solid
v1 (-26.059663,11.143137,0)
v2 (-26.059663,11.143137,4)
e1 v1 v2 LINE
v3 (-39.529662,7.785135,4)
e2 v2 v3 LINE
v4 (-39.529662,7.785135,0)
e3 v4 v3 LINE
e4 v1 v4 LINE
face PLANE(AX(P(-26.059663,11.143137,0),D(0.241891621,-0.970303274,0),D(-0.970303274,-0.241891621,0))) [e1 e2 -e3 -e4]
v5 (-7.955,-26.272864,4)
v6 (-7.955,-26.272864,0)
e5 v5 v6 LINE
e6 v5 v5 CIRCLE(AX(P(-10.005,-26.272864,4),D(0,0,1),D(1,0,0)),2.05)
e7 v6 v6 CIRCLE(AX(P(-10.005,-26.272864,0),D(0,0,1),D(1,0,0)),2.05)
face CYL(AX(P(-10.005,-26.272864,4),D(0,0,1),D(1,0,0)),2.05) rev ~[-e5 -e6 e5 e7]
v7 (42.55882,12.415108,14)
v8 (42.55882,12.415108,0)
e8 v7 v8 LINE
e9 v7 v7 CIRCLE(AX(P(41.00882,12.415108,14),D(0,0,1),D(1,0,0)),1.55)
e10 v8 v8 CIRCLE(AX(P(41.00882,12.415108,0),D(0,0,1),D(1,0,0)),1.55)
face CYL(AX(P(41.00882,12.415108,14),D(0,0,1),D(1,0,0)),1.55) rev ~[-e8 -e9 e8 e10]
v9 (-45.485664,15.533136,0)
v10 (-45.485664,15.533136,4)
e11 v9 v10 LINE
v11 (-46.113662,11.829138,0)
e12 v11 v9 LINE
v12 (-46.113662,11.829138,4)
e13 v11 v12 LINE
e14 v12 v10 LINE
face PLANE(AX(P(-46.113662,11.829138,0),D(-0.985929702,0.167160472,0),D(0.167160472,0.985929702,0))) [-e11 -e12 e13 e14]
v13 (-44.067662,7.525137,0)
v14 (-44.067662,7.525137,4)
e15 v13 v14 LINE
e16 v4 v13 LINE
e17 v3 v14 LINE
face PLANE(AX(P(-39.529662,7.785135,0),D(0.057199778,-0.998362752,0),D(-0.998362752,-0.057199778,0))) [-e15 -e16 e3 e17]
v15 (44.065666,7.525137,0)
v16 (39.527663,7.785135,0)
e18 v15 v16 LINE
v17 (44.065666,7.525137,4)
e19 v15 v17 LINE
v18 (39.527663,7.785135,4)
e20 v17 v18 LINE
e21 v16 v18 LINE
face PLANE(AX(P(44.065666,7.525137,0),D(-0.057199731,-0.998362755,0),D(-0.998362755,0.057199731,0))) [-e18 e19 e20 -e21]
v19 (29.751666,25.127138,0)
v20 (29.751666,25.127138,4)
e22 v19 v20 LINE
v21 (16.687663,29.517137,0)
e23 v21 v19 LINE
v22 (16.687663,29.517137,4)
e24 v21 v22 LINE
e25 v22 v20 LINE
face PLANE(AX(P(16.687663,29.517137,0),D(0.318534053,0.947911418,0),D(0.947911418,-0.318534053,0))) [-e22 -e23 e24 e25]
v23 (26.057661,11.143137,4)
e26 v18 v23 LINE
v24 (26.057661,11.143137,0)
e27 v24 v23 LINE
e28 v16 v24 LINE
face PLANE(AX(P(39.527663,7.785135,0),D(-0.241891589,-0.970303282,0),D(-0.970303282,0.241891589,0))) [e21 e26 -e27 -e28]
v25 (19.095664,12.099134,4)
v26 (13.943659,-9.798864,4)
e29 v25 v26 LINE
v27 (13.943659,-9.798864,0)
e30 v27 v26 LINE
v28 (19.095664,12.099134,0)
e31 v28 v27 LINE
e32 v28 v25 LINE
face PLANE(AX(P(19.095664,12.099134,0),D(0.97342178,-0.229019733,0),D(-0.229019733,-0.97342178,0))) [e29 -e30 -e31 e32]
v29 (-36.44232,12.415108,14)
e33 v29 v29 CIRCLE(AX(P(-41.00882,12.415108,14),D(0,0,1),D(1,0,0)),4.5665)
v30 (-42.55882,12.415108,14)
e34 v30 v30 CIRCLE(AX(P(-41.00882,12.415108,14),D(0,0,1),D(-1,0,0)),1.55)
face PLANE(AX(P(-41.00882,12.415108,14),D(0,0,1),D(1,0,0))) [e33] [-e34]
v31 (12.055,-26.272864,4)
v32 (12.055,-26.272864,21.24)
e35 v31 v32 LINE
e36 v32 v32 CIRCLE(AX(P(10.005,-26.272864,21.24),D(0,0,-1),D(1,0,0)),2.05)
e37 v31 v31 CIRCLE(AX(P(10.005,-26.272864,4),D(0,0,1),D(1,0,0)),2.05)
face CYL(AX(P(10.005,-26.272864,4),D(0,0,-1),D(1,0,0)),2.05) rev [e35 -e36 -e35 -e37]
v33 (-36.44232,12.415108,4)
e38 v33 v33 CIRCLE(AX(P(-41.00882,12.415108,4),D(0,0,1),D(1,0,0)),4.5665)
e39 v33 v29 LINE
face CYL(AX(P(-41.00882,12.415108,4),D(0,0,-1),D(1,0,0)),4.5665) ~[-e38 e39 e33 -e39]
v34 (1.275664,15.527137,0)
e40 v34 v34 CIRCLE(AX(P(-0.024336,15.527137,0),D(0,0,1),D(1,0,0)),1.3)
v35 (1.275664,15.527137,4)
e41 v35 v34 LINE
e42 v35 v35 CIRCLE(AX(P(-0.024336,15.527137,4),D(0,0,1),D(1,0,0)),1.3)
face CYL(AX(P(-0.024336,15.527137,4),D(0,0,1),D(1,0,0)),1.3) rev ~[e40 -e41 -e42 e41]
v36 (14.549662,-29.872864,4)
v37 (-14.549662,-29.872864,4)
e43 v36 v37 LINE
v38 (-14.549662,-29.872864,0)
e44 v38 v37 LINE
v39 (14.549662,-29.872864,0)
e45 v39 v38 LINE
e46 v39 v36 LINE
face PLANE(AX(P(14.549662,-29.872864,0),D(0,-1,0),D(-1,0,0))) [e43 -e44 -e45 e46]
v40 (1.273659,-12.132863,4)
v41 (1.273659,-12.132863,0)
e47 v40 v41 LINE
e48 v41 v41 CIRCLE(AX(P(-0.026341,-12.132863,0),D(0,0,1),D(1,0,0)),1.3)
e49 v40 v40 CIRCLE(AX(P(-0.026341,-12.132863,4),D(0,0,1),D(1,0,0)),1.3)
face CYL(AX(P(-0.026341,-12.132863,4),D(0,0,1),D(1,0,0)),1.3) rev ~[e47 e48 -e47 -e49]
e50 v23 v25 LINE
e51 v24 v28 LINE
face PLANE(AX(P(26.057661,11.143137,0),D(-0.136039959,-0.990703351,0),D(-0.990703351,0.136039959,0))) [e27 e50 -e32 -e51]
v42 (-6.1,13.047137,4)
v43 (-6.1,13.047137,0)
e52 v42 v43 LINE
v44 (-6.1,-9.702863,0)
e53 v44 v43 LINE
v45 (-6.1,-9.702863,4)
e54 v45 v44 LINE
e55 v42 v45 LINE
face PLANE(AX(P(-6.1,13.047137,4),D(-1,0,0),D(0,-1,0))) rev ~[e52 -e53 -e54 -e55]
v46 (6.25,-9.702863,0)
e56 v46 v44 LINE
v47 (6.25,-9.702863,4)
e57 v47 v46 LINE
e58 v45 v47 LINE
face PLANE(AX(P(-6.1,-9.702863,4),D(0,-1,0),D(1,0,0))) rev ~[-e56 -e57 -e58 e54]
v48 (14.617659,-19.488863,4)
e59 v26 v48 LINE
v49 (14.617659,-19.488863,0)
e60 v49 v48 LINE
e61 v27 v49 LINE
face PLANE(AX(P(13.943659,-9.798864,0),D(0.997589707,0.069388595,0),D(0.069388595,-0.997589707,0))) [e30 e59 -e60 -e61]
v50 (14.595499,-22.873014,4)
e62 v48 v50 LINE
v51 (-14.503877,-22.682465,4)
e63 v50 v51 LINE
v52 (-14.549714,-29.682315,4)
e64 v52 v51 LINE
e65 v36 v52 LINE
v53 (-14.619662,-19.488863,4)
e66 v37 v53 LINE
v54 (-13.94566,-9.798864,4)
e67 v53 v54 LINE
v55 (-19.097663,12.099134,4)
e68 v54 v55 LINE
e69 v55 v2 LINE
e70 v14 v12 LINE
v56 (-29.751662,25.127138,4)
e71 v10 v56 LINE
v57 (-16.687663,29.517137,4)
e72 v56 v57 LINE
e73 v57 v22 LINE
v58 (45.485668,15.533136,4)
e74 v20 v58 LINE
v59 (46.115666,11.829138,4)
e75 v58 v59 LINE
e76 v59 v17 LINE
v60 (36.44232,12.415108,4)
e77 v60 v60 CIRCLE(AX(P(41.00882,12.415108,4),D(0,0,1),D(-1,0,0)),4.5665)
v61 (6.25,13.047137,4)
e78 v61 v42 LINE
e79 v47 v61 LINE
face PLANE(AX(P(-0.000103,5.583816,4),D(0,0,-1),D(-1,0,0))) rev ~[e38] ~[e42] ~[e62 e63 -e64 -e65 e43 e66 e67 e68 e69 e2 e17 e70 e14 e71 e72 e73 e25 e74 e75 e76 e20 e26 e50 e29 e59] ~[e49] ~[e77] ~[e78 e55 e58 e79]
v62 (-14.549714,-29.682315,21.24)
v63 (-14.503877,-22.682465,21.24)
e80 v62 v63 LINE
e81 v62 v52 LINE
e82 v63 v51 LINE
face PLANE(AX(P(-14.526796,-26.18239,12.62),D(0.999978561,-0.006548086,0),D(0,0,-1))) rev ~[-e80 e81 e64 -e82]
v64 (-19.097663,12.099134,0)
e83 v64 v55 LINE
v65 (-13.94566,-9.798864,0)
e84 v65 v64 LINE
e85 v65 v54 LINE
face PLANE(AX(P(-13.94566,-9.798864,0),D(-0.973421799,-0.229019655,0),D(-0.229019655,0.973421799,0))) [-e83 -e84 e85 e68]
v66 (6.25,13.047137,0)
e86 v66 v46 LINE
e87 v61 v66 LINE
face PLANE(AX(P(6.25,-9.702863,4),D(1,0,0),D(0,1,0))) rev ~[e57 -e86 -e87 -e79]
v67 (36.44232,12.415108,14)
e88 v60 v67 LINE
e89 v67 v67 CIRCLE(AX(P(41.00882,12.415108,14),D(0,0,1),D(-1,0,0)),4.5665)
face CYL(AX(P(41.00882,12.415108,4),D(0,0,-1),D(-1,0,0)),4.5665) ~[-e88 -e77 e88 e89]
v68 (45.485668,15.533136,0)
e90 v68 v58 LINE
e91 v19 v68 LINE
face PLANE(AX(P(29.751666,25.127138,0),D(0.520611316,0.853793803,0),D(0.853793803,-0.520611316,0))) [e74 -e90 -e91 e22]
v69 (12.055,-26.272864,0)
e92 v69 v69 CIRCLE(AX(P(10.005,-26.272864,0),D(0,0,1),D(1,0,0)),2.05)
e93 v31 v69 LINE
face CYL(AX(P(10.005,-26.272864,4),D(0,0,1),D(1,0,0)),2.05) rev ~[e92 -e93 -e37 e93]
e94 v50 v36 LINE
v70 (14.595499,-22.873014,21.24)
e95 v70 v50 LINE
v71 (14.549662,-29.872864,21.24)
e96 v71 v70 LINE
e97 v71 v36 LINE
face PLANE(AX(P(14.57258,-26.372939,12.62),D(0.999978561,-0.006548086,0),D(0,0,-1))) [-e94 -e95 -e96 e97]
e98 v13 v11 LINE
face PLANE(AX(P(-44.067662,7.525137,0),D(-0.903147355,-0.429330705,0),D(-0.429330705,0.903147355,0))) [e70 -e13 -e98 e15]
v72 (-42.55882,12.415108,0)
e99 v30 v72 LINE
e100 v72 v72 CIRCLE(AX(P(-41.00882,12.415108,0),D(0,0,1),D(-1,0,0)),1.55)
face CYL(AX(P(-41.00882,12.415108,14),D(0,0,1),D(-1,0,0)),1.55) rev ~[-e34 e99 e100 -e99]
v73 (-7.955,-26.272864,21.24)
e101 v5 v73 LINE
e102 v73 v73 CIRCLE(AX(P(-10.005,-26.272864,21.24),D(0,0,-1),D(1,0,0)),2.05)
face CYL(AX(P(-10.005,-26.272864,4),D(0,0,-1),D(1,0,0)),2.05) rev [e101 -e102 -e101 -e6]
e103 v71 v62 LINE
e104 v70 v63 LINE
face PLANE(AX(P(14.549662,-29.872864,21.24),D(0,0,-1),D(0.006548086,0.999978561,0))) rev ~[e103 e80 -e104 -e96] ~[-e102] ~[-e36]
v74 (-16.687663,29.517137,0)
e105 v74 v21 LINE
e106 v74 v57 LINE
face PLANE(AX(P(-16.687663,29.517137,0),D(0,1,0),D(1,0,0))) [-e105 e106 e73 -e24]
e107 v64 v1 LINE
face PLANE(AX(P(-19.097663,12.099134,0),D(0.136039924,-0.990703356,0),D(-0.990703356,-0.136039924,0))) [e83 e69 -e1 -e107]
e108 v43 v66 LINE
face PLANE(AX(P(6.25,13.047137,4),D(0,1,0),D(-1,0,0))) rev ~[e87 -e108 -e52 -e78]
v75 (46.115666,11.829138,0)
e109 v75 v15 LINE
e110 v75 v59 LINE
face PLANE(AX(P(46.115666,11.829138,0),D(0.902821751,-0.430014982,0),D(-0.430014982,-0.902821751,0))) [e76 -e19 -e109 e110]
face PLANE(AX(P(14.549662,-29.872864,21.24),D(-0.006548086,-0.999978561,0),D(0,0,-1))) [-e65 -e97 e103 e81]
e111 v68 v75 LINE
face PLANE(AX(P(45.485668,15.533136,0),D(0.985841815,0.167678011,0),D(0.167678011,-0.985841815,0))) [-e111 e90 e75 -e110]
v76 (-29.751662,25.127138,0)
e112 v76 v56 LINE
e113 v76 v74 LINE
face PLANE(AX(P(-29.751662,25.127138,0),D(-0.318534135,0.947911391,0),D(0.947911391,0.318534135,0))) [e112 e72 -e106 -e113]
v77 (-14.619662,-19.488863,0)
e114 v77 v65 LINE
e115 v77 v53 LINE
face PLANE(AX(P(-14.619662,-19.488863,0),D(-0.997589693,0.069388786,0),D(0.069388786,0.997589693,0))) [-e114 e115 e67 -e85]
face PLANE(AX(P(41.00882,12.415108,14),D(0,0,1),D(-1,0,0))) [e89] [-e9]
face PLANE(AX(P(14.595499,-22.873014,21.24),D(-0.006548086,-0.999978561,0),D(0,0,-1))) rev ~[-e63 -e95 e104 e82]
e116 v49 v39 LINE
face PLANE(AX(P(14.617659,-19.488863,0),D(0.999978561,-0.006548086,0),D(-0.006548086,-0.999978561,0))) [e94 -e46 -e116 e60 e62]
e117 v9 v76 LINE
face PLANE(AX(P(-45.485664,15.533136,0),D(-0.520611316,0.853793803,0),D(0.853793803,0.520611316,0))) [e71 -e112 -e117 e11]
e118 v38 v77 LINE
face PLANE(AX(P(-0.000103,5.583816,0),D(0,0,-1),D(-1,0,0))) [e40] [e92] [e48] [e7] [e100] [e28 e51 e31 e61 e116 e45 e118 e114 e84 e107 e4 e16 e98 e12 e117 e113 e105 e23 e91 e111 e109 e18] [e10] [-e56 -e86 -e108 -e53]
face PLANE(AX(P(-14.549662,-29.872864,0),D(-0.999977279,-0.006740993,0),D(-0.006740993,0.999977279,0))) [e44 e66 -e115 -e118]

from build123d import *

# Parameters (mm, degrees)
BOSS_EXTRUDE1_DEPTH = 4
SKETCH2_W           = 12.35
SKETCH2_H           = 22.75
SKETCH2_W_2         = 12.2
SKETCH2_H_2         = 22.6
CUT_EXTRUDE10_DEPTH = 56.09122169
SKETCH6_R           = 4.5665
BOSS_EXTRUDE3_DEPTH = 10
SKETCH4_R           = 2.05
CUT_EXTRUDE11_DEPTH = 9.65
SKETCH15_R          = 1.3
CUT_EXTRUDE13_DEPTH = 9.65
SKETCH20_W          = 17.24
SKETCH20_H          = 7
BOSS_EXTRUDE4_DEPTH = 29.1
SKETCH14_R          = 2.05
CUT_EXTRUDE16_DEPTH = 58.586980363
SKETCH17_R          = 1.55
CUT_EXTRUDE17_DEPTH = 57.701346609


with BuildPart() as part:
    # Sketch1 → Boss-Extrude1 (new body)
    with BuildSketch(Plane.XY):
        Polygon((-16.687663097, 29.51713681), (16.687663097, 29.51713681), (29.751665716, 25.127138307), (45.48566771, 15.533136266), (46.115666453, 11.829137748), (44.06566621, 7.52513699), (39.527662855, 7.785135244), (26.057661336, 11.143136948), (19.095663738, 12.099134391), (13.943658967, -9.798863607), (14.617658977, -19.488863352), (14.549662185, -29.872864189), (-14.549662185, -29.872864189), (-14.619662252, -19.488863352), (-13.945660379, -9.798863607), (-19.097663288, 12.099134391), (-26.059662749, 11.143136948), (-39.529662405, 7.785135244), (-44.067662035, 7.52513699), (-46.113662247, 11.829137748), (-45.485663985, 15.533136266), (-29.75166199, 25.127138307), align=None)
    extrude(amount=BOSS_EXTRUDE1_DEPTH)

    # Sketch2 → Cut-Extrude10 (cut, through all)
    with BuildSketch(Plane.XY.offset(4)):
        with Locations((0.075, 1.67213681)):
            Rectangle(SKETCH2_W, SKETCH2_H)
        with Locations((0, 1.74713681)):
            Rectangle(SKETCH2_W_2, SKETCH2_H_2)
    extrude(amount=-CUT_EXTRUDE10_DEPTH, mode=Mode.SUBTRACT)

    # Sketch6 → Boss-Extrude3 (add)
    with BuildSketch(Plane.XY.offset(4)):
        with Locations((-41.008819859, 12.415108178)):
            Circle(SKETCH6_R)
        with Locations(Location((41.008819859, 12.415108178, 0), (0, 0, 180))):
            Circle(SKETCH6_R)
    extrude(amount=BOSS_EXTRUDE3_DEPTH)

    # Sketch4 → Cut-Extrude11 (cut)
    with BuildSketch(Plane.XY.offset(4)):
        with Locations((10.005, -26.272864189)):
            Circle(SKETCH4_R)
        with Locations((-10.005, -26.272864189)):
            Circle(SKETCH4_R)
    extrude(amount=-CUT_EXTRUDE11_DEPTH, mode=Mode.SUBTRACT)

    # Sketch15 → Cut-Extrude13 (cut)
    with BuildSketch(Plane.XY.offset(4)):
        with Locations((-0.026341033, -12.13286319)):
            Circle(SKETCH15_R)
        with Locations((-0.024336262, 15.52713681)):
            Circle(SKETCH15_R)
    extrude(amount=-CUT_EXTRUDE13_DEPTH, mode=Mode.SUBTRACT)

    # Sketch20 → Boss-Extrude4 (add)
    with BuildSketch(Plane(origin=(14.744644235, -0.096551274, 0), x_dir=(0, 0, -1), z_dir=(0.9999785610524021, -0.006548086405005186, 0))):
        with Locations((-12.62, -26.276951301)):
            Rectangle(SKETCH20_W, SKETCH20_H)
    extrude(amount=-BOSS_EXTRUDE4_DEPTH)

    # Sketch14 → Cut-Extrude16 (cut, through all)
    with BuildSketch(Plane.XY.offset(4)):
        with Locations((-10.005, -26.272864189)):
            Circle(SKETCH14_R)
        with Locations((10.005, -26.272864189)):
            Circle(SKETCH14_R)
    extrude(amount=CUT_EXTRUDE16_DEPTH, mode=Mode.SUBTRACT)

    # Sketch17 → Cut-Extrude17 (cut, through all)
    with BuildSketch(Plane.XY.offset(14)):
        with Locations((41.008819859, 12.415108178)):
            Circle(SKETCH17_R)
        with Locations(Location((-41.008819859, 12.415108178, 0), (0, 0, 180))):
            Circle(SKETCH17_R)
    extrude(amount=-CUT_EXTRUDE17_DEPTH, mode=Mode.SUBTRACT)


solid = part.part
